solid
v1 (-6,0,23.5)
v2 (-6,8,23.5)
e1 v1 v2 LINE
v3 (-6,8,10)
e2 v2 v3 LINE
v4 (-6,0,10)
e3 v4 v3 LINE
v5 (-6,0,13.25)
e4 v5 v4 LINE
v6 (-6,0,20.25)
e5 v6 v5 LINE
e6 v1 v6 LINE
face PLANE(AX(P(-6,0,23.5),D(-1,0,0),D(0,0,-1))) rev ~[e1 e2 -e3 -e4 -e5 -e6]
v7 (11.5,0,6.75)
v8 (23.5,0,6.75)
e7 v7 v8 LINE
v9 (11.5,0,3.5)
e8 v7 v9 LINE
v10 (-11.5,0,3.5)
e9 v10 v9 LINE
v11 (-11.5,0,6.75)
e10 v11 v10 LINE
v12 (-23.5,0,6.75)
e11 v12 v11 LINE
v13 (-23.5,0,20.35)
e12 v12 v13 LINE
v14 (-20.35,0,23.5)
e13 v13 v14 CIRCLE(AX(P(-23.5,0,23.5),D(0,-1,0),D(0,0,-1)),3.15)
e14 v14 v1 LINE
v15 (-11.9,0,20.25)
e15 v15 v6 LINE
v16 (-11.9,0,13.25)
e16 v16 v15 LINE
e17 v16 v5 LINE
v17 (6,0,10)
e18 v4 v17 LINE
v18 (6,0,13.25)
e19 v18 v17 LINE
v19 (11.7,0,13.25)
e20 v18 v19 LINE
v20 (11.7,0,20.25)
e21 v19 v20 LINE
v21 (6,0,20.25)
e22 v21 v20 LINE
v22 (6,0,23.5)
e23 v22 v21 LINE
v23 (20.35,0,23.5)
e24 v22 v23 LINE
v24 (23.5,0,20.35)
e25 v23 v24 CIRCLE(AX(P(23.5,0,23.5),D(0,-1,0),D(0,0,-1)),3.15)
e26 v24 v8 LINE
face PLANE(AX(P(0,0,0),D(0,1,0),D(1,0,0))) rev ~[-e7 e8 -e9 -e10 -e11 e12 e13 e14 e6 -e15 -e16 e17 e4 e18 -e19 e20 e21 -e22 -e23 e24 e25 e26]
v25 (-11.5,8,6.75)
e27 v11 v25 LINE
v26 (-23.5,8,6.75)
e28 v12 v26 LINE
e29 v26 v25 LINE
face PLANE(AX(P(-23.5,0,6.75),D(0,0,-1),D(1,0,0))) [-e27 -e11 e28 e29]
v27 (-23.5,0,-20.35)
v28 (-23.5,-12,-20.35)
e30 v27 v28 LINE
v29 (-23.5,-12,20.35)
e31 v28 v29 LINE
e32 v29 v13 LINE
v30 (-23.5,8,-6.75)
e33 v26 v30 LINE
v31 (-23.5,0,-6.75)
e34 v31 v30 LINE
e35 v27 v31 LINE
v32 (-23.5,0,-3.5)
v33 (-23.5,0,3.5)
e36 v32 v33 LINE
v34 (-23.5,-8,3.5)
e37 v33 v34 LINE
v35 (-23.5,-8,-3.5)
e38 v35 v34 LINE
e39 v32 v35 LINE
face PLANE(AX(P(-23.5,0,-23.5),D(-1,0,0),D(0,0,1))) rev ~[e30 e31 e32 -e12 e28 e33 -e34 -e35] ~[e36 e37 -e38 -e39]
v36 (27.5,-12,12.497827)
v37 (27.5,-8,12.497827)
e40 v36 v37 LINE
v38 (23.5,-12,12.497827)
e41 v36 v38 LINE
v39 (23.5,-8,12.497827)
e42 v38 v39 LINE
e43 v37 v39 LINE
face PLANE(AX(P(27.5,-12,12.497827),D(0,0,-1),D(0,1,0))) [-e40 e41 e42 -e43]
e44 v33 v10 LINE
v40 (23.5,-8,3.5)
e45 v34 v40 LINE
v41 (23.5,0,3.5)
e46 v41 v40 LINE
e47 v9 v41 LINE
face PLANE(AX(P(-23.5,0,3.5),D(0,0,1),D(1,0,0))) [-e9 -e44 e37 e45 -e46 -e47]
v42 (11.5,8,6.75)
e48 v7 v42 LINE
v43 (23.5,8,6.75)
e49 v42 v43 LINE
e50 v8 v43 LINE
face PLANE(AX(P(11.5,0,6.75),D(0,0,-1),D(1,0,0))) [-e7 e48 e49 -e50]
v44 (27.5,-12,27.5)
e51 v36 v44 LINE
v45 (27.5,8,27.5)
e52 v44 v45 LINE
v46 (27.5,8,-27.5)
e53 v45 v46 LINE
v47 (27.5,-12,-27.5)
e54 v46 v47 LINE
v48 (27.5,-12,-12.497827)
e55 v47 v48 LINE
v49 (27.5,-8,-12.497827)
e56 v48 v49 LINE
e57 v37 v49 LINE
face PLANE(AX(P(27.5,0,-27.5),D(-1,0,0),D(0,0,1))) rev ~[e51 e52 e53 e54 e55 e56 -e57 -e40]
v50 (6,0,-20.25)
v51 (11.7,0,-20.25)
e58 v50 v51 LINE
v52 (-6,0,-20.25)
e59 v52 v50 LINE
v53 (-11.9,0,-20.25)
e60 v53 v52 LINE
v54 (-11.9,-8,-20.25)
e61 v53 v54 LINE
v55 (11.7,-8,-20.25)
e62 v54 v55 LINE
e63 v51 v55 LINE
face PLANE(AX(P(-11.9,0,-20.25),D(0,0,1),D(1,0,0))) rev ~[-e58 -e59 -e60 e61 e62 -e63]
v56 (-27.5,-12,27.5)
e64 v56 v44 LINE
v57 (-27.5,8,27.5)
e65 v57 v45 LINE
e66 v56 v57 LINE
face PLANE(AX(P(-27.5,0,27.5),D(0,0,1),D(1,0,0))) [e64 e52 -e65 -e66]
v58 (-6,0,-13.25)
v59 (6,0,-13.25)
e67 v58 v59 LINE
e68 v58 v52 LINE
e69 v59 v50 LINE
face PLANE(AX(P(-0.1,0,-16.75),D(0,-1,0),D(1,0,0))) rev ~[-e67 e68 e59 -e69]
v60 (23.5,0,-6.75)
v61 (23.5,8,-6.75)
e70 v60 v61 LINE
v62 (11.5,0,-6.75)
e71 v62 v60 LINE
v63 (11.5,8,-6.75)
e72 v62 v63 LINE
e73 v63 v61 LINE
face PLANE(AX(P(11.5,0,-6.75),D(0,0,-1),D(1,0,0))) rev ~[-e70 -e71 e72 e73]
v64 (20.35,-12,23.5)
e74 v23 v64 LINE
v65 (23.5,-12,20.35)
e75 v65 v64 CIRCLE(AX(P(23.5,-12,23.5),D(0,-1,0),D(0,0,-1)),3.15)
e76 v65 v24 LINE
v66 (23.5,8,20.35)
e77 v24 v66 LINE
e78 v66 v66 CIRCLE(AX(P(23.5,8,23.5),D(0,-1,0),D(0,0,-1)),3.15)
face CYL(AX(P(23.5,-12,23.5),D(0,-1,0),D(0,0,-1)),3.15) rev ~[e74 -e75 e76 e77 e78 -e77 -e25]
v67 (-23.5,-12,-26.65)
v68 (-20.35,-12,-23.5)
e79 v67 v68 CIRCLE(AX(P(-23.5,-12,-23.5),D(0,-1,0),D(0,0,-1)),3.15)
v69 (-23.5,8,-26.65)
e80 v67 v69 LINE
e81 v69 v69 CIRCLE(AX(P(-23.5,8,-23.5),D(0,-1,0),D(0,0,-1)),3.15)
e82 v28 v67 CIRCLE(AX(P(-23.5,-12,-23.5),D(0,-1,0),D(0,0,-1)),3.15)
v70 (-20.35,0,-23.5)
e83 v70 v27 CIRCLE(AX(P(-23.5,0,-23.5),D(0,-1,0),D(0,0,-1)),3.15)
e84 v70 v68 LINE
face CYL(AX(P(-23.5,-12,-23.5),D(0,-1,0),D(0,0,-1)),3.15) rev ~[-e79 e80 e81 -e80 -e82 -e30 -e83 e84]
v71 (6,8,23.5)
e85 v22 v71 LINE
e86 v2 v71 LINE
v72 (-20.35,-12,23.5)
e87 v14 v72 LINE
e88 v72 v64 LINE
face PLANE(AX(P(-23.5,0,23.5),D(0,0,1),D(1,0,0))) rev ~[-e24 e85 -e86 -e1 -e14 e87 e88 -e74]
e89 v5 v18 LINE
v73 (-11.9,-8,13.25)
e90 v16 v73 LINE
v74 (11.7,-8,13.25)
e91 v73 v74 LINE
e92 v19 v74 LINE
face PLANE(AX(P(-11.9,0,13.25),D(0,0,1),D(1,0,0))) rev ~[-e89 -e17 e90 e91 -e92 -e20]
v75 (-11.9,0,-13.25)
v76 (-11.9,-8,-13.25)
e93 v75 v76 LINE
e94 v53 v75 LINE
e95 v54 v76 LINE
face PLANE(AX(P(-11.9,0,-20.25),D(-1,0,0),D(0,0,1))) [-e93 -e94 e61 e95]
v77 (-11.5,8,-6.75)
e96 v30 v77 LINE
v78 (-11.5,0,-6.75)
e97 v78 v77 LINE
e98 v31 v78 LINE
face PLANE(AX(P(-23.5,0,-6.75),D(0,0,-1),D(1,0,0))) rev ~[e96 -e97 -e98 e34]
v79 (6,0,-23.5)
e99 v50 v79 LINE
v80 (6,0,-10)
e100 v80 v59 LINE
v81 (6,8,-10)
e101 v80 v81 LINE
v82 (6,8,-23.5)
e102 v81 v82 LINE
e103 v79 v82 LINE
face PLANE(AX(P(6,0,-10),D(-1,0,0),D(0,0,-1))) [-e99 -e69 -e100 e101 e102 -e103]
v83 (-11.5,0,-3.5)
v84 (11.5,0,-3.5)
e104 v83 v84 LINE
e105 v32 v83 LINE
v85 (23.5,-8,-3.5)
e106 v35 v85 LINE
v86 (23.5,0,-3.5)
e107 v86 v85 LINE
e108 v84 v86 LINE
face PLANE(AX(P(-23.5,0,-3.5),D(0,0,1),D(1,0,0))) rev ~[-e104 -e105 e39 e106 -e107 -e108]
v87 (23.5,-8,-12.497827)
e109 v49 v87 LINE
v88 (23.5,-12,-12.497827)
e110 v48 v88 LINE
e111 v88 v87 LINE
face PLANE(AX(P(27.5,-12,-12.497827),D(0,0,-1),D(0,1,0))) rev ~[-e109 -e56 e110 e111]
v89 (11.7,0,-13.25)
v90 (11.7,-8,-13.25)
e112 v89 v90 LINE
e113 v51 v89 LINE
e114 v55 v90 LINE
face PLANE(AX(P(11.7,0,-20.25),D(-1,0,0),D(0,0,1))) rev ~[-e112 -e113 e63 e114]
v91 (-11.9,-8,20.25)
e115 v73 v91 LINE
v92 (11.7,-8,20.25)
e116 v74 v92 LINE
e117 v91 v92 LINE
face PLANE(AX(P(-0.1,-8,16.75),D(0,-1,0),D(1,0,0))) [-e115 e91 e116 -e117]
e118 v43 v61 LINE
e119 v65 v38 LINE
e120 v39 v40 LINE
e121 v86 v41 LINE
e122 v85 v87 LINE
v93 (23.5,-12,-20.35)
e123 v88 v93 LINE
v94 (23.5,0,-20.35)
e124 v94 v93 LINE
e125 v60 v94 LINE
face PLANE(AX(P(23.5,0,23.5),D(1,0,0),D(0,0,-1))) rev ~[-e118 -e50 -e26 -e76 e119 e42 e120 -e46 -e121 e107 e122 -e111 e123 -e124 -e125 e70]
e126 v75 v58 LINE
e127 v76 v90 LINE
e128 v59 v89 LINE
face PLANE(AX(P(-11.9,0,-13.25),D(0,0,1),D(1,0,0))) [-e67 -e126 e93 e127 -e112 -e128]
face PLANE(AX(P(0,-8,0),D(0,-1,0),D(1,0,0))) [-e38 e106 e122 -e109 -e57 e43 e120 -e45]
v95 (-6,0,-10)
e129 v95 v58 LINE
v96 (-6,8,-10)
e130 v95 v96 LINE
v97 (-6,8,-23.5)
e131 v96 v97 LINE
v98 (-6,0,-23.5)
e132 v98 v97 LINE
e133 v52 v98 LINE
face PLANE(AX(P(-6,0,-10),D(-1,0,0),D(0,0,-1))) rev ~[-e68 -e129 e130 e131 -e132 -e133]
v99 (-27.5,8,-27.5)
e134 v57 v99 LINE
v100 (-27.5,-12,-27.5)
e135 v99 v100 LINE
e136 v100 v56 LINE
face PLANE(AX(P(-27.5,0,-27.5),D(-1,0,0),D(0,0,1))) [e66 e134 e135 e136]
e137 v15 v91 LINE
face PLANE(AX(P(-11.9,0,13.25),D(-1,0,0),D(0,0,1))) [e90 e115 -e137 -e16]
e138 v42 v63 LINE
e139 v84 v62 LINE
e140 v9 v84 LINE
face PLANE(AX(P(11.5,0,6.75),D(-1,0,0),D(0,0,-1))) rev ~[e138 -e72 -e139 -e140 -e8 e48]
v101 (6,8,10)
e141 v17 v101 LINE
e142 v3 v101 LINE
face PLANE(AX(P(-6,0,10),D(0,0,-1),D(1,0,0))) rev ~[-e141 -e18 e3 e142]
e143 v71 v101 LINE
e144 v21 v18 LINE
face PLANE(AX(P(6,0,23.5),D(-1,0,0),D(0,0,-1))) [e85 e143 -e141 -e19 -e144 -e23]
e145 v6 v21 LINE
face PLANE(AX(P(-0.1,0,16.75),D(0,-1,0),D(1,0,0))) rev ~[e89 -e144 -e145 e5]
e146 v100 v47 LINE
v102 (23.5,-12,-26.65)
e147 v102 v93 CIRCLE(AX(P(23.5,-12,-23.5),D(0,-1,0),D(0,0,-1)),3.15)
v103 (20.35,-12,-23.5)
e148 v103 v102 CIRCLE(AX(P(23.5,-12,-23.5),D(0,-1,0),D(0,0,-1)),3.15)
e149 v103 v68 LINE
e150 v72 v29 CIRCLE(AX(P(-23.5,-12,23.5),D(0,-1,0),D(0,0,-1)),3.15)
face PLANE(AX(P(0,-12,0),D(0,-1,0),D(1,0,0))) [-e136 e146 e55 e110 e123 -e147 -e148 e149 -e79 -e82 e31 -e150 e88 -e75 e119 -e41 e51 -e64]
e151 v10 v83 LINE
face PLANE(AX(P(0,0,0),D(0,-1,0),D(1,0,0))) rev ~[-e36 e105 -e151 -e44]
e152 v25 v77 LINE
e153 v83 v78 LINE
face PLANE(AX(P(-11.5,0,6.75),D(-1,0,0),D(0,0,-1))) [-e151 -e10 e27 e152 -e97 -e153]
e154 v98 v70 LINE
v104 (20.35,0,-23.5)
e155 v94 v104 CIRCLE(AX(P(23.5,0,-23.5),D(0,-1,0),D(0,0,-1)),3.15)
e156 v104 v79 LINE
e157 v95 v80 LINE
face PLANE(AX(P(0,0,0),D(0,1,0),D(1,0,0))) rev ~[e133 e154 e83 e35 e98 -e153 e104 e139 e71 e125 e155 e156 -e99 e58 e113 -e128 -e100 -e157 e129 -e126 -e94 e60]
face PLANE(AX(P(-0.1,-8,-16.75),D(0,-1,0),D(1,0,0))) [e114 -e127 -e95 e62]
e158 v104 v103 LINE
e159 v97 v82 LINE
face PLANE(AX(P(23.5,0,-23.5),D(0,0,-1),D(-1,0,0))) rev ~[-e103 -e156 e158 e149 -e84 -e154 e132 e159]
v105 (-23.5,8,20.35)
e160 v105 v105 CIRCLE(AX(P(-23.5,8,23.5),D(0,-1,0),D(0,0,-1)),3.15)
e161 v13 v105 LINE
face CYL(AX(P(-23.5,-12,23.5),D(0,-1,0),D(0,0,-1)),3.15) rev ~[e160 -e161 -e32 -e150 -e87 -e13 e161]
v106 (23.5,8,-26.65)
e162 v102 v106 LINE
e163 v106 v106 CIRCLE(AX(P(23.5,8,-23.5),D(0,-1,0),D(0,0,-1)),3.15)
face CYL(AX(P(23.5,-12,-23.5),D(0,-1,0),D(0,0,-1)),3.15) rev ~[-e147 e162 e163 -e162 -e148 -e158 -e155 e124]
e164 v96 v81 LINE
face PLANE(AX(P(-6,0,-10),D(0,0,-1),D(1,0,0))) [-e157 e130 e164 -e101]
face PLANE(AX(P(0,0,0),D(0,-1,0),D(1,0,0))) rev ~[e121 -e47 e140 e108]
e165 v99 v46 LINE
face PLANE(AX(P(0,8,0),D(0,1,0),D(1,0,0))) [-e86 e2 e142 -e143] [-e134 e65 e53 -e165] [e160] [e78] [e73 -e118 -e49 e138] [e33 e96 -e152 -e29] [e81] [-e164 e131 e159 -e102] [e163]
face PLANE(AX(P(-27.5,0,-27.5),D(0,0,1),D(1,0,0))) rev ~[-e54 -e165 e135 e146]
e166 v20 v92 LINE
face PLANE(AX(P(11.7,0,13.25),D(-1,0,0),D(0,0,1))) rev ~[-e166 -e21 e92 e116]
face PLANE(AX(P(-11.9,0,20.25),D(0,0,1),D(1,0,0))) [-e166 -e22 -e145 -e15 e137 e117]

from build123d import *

# Parameters (mm, degrees)
SKETCH1_W           = 55
SKETCH1_H           = 55
SKETCH1_W_2         = 12
SKETCH1_H_2         = 13.5
BOSS_EXTRUDE1_DEPTH = 8
SKETCH2_W           = 55
SKETCH2_H           = 55
BOSS_EXTRUDE7_DEPTH = 12
SKETCH2_5_W         = 23.6
SKETCH2_5_H         = 7
SKETCH2_5_W_2       = 47
BOSS_EXTRUDE8_DEPTH = 8
SKETCH6_R           = 3.15
CUT_EXTRUDE1_DEPTH  = 44.732139211
SKETCH7_W           = 24.995653022
SKETCH7_H           = 4
CUT_EXTRUDE3_DEPTH  = 4


with BuildPart() as part:
    # Sketch1 → Boss-Extrude1 (new body)
    with BuildSketch(Plane(origin=(0, 0, 0), x_dir=(1, 0, 0), z_dir=(0, 1, 0))):
        Rectangle(SKETCH1_W, SKETCH1_H)
        with Locations((0, 16.75)):
            Rectangle(SKETCH1_W_2, SKETCH1_H_2, mode=Mode.SUBTRACT)
        with Locations((17.5, 0)):
            Rectangle(SKETCH1_W_2, SKETCH1_H_2, mode=Mode.SUBTRACT)
        with Locations((-17.5, 0)):
            Rectangle(SKETCH1_W_2, SKETCH1_H_2, mode=Mode.SUBTRACT)
        with Locations((0, -16.75)):
            Rectangle(SKETCH1_W_2, SKETCH1_H_2, mode=Mode.SUBTRACT)
    extrude(amount=BOSS_EXTRUDE1_DEPTH)

    # Sketch2 → Boss-Extrude7 (add)
    with BuildSketch(Plane.XZ):
        Rectangle(SKETCH2_W, SKETCH2_H)
        Polygon((-23.5, 23.5), (-6, 23.5), (6, 23.5), (23.5, 23.5), (23.5, 6.75), (23.5, 3.5), (23.5, -3.5), (23.5, -6.75), (23.5, -23.5), (6, -23.5), (-6, -23.5), (-23.5, -23.5), (-23.5, -6.75), (-23.5, -3.5), (-23.5, 3.5), (-23.5, 6.75), align=None, mode=Mode.SUBTRACT)
    extrude(amount=BOSS_EXTRUDE7_DEPTH)

    # Sketch2<5> → Boss-Extrude8 (add)
    with BuildSketch(Plane.XZ):
        with Locations((-0.1, 16.75)):
            Rectangle(SKETCH2_5_W, SKETCH2_5_H)
        Rectangle(SKETCH2_5_W_2, SKETCH2_5_H)
        with Locations((-0.1, -16.75)):
            Rectangle(SKETCH2_5_W, SKETCH2_5_H)
    extrude(amount=BOSS_EXTRUDE8_DEPTH)

    # Sketch6 → Cut-Extrude1 (cut, through all)
    with BuildSketch(Plane.XZ.offset(12)):
        with Locations((-23.5, 23.5)):
            Circle(SKETCH6_R)
        with Locations((23.5, 23.5)):
            Circle(SKETCH6_R)
        with Locations((-23.5, -23.5)):
            Circle(SKETCH6_R)
        with Locations((23.5, -23.5)):
            Circle(SKETCH6_R)
    extrude(amount=-CUT_EXTRUDE1_DEPTH, mode=Mode.SUBTRACT)

    # Sketch7 → Cut-Extrude3 (cut)
    with BuildSketch(Plane(origin=(27.5, 0, 0), x_dir=(0, 0, -1), z_dir=(1, 0, 0))):
        with Locations((0, -10)):
            Rectangle(SKETCH7_W, SKETCH7_H)
    extrude(amount=-CUT_EXTRUDE3_DEPTH, mode=Mode.SUBTRACT)


solid = part.part
